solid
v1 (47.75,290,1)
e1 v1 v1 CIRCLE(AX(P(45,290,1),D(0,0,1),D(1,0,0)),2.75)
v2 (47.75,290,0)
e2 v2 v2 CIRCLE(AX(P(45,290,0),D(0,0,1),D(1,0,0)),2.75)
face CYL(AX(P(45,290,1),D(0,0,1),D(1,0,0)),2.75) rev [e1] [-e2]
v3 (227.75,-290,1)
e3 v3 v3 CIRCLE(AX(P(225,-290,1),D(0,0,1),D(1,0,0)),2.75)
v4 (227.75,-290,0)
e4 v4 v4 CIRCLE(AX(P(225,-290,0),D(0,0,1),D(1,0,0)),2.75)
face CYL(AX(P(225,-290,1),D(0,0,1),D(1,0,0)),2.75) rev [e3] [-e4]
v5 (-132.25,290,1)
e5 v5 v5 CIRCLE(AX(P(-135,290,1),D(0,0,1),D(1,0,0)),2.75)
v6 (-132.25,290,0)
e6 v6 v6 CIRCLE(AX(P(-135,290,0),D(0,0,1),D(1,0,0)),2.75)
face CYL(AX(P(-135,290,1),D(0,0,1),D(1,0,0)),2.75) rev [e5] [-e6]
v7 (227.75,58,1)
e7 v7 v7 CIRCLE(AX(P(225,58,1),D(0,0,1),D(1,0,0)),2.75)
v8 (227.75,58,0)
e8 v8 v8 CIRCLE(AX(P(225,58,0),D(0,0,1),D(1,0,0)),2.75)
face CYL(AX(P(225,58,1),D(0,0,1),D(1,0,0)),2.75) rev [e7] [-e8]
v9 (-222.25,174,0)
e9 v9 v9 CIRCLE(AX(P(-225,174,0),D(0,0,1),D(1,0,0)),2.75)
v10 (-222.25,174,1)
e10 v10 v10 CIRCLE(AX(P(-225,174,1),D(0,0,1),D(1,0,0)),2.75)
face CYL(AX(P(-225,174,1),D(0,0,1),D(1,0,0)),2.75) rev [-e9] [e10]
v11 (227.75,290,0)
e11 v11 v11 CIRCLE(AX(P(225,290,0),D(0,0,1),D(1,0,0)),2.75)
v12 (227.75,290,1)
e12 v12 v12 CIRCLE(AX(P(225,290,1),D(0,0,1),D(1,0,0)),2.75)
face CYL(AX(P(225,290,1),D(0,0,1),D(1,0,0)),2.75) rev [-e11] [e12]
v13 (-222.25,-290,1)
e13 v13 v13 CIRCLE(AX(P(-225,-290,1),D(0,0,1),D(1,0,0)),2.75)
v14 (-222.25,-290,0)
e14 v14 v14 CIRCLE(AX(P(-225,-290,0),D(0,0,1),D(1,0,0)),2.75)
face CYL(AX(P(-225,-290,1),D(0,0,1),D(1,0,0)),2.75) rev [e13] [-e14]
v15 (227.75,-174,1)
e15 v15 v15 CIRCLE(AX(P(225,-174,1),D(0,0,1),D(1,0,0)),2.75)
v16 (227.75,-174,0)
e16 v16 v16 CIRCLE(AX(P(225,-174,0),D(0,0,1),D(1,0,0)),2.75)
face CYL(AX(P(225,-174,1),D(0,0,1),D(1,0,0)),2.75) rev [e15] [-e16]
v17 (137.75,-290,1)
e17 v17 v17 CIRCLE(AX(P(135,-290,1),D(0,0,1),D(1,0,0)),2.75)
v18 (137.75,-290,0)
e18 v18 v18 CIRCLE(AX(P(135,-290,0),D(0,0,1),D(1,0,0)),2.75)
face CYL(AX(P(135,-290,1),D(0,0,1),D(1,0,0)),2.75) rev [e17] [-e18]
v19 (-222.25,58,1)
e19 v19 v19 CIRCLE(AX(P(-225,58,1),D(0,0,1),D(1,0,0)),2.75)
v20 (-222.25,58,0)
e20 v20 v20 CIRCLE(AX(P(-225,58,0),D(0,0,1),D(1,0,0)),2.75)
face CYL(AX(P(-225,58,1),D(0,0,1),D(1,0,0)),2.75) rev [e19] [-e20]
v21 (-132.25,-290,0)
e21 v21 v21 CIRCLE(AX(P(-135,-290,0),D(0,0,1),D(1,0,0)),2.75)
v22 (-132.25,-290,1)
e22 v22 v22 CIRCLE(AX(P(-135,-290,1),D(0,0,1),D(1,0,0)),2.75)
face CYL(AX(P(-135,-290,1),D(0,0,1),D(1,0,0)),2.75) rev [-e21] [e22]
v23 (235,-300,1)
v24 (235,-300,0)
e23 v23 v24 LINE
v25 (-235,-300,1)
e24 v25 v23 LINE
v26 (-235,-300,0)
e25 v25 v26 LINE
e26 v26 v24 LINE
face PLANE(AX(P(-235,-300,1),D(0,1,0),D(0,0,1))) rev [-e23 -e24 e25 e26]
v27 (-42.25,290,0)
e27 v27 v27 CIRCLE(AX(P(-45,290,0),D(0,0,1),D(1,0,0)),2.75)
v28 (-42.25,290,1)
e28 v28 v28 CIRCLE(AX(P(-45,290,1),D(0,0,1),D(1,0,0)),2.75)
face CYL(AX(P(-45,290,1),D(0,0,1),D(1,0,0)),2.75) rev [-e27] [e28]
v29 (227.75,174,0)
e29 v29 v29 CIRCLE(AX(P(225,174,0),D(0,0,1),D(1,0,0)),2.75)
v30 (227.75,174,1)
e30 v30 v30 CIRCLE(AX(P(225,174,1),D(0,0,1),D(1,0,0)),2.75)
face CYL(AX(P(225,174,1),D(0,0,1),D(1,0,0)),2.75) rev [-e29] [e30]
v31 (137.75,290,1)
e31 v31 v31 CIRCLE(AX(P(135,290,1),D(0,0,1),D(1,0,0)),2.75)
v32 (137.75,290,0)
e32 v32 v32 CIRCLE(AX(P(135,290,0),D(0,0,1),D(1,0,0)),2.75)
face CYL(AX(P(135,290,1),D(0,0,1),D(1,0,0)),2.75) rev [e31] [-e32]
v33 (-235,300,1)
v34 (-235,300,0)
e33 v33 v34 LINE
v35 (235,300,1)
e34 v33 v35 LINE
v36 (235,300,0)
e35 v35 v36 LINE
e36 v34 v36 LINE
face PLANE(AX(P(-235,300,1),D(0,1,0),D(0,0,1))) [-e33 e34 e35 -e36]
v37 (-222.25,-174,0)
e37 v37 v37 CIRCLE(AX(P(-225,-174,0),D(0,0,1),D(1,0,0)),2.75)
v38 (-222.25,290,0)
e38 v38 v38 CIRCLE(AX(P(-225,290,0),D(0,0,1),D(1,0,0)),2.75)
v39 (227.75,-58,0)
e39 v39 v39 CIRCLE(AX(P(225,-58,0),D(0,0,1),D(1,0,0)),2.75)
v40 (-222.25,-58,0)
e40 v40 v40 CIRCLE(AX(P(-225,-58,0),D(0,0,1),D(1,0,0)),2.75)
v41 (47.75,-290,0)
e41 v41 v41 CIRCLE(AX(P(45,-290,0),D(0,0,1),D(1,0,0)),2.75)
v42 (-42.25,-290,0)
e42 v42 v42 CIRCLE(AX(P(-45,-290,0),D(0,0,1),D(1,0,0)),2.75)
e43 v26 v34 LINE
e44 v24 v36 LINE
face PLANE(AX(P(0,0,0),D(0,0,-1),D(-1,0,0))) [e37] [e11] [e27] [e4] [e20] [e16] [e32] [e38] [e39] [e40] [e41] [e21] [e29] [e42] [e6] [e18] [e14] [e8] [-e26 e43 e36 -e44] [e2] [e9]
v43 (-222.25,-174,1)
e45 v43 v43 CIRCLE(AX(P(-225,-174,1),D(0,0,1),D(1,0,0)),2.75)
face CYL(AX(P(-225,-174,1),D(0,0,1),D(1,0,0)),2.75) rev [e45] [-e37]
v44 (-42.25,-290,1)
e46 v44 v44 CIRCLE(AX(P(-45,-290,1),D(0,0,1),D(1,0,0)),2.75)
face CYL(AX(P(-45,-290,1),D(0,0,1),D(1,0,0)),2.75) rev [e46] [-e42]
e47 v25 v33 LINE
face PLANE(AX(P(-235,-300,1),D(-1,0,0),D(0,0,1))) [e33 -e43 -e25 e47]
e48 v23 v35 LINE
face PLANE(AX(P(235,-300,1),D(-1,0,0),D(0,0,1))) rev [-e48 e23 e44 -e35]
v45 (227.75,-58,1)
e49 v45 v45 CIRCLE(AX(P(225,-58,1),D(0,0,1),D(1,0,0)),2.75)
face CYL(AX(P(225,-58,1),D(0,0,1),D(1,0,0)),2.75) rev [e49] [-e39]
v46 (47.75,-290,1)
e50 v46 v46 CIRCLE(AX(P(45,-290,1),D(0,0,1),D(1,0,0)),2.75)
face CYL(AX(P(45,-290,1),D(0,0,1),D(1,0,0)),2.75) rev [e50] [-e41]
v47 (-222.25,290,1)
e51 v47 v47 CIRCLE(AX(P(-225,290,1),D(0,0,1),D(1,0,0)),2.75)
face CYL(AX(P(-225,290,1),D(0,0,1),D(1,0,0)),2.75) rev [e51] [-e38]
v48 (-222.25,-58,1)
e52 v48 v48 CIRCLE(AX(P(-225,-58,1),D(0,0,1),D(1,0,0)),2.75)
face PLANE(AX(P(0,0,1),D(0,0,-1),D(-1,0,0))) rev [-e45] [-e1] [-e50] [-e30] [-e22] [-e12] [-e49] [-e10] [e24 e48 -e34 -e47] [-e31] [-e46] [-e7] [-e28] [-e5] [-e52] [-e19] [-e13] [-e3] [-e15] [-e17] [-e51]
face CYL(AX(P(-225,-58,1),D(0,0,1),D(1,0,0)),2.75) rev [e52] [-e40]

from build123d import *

# Parameters (mm, degrees)
SKETCH_1_W         = 470
SKETCH_1_H         = 600
EXTRUDE_1_DEPTH    = 1
HOLE_WIZARD_M5_1_D = 5.5


with BuildPart() as part:
    # 스케치1 → 보스-돌출1 (new body)
    with BuildSketch(Plane.XY):
        Rectangle(SKETCH_1_W, SKETCH_1_H)
    extrude(amount=EXTRUDE_1_DEPTH)

    # M5 여유 구멍1 (through all)
    with Locations(Plane.XY.offset(1)):
        with Locations((-225, 290), (-135, 290), (-45, 290), (45, 290), (135, 290), (225, 290), (225, 174), (225, 58), (225, -58), (225, -174), (225, -290), (135, -290), (45, -290), (-45, -290), (-135, -290), (-225, -290), (-225, -174), (-225, -58), (-225, 174), (-225, 58)):
            Hole(HOLE_WIZARD_M5_1_D / 2)


solid = part.part
